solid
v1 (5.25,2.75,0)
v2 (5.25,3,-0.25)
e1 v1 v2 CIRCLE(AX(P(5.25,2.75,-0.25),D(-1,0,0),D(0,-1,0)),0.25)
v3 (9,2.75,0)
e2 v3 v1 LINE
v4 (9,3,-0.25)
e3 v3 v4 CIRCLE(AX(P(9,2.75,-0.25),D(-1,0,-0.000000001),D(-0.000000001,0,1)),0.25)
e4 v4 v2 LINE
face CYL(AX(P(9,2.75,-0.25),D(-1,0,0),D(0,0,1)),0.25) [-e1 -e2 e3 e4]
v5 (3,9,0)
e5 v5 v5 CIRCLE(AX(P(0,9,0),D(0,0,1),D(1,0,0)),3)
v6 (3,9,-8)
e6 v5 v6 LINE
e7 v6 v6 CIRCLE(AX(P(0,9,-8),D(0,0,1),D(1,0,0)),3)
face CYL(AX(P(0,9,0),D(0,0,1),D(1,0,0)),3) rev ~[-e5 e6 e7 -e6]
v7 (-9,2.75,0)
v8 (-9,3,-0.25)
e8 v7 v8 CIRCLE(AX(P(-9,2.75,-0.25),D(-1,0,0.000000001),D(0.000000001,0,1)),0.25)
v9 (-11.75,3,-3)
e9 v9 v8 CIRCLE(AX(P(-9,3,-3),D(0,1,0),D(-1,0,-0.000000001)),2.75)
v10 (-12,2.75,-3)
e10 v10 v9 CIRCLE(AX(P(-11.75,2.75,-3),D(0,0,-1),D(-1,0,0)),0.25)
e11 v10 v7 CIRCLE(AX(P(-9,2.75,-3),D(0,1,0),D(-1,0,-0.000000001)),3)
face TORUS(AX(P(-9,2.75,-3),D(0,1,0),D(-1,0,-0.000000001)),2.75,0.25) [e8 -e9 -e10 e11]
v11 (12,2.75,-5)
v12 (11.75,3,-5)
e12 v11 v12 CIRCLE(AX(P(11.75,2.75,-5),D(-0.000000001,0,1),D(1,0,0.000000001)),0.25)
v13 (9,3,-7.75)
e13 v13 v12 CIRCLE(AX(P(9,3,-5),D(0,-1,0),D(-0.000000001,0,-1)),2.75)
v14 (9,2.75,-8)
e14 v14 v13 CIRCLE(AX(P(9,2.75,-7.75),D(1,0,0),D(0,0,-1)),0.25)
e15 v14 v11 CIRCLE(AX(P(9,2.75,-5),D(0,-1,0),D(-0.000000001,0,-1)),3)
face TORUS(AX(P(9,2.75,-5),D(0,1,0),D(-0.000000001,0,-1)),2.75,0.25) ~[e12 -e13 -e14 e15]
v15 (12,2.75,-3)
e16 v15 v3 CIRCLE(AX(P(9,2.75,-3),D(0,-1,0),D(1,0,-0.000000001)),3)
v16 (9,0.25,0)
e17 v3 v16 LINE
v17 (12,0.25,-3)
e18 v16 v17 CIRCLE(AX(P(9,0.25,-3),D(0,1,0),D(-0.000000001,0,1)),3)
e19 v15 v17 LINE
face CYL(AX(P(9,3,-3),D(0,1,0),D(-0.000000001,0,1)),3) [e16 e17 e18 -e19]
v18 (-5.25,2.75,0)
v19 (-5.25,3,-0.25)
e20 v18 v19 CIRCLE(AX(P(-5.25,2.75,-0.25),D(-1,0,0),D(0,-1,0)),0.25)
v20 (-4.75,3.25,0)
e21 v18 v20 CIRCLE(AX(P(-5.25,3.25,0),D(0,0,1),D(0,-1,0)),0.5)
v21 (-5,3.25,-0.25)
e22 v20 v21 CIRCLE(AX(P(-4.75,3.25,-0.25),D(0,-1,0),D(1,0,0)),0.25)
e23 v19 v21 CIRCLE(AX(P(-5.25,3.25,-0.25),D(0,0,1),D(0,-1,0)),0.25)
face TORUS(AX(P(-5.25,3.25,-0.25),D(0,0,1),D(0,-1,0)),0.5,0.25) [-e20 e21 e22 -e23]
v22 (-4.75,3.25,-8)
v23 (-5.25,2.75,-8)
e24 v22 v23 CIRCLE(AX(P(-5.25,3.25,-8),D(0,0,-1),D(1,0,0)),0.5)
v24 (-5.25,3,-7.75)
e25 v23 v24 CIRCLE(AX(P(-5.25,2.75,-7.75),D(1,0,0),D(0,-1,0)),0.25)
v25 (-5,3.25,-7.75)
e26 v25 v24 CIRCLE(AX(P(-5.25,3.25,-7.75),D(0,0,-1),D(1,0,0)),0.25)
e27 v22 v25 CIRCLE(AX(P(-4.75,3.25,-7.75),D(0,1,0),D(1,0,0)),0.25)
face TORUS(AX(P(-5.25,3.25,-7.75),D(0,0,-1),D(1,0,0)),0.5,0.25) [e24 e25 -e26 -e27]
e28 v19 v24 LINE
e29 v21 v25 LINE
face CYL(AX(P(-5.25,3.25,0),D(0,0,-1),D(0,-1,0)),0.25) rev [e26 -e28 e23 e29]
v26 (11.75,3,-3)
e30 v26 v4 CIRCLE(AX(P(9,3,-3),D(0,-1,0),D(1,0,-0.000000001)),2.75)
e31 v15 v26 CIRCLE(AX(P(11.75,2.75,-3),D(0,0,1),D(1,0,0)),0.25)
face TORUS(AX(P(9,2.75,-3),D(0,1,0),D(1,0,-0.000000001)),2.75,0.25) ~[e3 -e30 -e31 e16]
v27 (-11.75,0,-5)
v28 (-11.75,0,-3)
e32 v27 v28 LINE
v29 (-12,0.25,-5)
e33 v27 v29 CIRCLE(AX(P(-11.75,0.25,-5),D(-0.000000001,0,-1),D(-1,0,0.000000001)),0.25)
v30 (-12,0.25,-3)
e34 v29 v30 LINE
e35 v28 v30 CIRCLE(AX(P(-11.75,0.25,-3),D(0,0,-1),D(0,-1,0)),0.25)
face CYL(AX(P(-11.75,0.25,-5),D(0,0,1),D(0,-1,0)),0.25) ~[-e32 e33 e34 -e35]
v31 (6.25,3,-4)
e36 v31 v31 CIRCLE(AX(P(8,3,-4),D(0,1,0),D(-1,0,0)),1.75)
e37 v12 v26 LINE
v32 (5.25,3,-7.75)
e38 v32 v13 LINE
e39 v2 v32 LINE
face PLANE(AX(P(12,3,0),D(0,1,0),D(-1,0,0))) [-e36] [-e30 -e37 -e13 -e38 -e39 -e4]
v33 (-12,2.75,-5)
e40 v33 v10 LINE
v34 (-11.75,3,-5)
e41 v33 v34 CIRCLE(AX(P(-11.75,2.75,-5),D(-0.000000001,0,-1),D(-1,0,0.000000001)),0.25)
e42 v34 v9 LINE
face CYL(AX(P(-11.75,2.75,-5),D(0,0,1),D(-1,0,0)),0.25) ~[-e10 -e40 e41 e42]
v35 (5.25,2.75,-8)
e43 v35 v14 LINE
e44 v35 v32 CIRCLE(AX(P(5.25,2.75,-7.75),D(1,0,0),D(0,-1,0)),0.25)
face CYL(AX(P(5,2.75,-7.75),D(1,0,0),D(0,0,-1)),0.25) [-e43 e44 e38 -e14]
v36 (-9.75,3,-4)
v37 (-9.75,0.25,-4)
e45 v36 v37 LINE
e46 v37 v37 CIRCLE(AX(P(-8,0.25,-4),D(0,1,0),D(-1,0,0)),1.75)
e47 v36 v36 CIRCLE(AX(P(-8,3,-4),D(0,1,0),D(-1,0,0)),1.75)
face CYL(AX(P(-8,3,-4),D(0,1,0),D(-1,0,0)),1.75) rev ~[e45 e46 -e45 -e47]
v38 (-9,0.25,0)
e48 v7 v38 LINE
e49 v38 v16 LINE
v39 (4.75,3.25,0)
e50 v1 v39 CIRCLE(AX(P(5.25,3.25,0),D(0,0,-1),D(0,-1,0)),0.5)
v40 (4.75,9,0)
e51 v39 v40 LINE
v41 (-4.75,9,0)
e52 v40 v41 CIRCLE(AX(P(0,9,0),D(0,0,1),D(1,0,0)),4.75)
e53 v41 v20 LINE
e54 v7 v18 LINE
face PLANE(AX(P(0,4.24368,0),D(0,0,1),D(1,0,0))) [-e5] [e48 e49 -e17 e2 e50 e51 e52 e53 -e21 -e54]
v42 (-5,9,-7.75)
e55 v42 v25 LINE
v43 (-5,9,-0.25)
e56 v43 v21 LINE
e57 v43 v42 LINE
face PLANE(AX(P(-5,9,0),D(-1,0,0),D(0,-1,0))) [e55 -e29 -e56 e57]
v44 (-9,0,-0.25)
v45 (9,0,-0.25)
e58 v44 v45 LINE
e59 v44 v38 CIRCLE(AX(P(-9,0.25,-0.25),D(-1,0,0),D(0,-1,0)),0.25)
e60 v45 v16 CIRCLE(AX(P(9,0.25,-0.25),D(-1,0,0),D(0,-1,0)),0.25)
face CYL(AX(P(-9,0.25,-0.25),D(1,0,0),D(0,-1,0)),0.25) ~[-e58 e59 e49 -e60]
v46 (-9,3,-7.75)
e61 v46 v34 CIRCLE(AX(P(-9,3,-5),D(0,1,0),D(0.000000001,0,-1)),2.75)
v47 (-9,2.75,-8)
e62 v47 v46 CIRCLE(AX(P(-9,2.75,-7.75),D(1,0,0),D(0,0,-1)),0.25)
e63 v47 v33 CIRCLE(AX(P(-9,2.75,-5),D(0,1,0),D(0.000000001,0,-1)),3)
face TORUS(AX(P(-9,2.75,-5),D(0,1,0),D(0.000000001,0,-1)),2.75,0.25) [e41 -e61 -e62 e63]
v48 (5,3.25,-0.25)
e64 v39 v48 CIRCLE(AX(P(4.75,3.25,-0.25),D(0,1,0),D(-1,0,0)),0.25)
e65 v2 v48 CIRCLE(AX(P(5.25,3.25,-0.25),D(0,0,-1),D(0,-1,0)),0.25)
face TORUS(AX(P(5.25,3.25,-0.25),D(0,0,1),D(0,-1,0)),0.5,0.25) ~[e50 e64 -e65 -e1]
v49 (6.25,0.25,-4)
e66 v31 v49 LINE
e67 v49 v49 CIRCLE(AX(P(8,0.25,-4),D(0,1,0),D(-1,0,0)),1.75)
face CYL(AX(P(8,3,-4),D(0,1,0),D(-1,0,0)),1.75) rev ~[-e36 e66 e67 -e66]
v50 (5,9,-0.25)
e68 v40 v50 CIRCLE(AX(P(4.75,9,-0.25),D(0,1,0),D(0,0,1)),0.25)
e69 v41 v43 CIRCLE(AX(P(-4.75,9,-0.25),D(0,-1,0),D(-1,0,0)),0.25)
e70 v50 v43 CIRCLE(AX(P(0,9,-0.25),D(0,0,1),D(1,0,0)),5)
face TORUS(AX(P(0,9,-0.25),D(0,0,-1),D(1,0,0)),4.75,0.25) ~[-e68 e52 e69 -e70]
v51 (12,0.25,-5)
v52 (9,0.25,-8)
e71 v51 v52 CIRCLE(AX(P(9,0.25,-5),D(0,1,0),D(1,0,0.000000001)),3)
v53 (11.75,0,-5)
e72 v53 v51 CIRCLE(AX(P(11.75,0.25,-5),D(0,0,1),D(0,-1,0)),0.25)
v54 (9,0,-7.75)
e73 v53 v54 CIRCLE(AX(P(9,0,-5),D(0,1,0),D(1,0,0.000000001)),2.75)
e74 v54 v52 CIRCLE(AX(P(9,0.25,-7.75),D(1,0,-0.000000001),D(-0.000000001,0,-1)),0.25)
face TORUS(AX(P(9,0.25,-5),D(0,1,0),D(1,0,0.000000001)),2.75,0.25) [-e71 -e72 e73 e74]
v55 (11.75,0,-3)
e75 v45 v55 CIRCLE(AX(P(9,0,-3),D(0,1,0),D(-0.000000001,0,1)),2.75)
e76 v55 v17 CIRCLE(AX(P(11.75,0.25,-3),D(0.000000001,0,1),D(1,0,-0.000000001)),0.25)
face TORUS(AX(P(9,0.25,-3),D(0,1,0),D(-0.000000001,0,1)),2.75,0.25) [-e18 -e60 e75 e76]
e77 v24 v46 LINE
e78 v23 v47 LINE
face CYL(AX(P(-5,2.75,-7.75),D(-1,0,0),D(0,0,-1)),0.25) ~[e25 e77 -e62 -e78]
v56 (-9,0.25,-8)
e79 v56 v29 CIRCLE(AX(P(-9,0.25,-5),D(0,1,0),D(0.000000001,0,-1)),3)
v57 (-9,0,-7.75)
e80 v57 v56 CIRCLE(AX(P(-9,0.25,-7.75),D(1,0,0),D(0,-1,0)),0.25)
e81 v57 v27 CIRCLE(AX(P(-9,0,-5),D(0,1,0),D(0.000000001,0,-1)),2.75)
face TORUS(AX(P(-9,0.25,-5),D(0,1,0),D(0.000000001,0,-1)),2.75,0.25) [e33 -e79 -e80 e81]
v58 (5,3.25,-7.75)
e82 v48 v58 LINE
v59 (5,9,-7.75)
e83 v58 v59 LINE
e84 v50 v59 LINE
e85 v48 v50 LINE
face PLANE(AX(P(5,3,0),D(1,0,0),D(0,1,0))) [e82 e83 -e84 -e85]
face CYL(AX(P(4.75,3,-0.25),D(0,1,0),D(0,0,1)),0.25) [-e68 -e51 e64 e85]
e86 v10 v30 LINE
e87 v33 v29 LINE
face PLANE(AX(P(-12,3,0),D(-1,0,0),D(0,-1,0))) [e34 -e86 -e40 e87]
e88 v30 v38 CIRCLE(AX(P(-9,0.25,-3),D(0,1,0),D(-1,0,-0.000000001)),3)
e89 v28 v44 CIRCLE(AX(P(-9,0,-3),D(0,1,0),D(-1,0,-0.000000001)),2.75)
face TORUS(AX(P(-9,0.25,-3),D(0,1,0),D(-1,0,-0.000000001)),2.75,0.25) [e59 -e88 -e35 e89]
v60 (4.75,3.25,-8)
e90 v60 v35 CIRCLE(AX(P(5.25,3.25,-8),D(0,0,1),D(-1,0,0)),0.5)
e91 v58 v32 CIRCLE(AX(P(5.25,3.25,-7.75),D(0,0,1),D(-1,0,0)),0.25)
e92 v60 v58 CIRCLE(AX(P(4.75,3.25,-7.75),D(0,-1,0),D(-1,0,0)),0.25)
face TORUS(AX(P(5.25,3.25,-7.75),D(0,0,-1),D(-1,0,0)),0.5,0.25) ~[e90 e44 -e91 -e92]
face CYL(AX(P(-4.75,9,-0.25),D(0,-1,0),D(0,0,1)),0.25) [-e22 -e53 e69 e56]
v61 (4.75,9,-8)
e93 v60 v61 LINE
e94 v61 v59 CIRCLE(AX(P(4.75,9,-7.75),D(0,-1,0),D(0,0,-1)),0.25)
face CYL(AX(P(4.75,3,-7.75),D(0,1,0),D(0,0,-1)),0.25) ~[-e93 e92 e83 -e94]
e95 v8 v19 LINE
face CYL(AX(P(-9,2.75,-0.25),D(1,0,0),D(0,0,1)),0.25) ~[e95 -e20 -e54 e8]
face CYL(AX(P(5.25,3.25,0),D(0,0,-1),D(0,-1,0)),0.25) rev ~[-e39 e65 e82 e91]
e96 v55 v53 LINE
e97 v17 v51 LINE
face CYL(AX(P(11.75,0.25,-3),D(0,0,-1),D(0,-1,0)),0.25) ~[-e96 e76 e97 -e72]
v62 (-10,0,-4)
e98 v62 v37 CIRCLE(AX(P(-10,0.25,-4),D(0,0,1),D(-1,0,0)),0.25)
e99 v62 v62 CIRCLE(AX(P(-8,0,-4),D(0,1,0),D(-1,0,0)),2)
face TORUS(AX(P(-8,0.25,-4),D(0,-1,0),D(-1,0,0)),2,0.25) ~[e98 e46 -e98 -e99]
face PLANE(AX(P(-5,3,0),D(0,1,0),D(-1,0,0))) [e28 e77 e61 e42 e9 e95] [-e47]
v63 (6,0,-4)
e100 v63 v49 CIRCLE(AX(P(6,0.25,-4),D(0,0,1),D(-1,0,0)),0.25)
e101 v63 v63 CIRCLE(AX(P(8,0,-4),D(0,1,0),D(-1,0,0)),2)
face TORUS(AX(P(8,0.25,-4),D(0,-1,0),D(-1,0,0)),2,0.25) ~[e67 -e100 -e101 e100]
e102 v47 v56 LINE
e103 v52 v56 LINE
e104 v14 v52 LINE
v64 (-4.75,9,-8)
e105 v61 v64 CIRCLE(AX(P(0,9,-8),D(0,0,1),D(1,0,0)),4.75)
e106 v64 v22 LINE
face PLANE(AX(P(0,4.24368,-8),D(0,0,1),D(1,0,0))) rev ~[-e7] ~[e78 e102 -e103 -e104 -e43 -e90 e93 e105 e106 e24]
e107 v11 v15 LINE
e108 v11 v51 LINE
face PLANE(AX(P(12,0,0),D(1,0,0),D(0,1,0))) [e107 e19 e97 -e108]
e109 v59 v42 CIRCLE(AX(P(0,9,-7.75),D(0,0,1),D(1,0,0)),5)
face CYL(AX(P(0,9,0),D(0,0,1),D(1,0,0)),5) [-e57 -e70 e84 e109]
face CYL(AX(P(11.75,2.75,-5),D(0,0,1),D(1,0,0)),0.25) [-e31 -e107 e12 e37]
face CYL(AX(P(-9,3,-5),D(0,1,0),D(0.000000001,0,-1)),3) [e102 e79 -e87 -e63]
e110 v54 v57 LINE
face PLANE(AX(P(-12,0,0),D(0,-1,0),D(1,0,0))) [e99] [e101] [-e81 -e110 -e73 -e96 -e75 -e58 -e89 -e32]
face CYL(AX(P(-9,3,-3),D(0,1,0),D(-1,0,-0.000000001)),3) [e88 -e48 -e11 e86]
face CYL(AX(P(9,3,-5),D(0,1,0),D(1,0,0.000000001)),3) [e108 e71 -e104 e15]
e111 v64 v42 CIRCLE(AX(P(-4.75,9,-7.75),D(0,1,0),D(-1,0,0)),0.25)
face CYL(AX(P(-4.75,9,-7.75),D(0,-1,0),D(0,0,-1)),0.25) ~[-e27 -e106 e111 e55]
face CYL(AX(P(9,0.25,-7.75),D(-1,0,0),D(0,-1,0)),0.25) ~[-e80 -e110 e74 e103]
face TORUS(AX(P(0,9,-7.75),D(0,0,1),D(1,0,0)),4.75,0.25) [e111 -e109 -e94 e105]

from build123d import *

# Parameters (mm, degrees)
SKETCH1_R           = 3
BOSS_EXTRUDE1_DEPTH = 8
SKETCH2_OUTSIDE_W   = 31.782
SKETCH2_OUTSIDE_H   = 15.782
SKETCH2_OUTSIDE_R   = 1.75
CUT_EXTRUDE1_DEPTH  = 8
FILLET1_R           = 0.25


with BuildPart() as part:
    # Sketch1 → Boss-Extrude1 (new body)
    with BuildSketch(Plane.XY):
        with BuildLine():
            Line((-12, 0), (12, 0))
            Line((12, 0), (12, 3))
            Line((12, 3), (5, 3))
            Line((5, 3), (5, 9))
            ThreePointArc((5, 9), (0, 14), (-5, 9))
            Line((-5, 9), (-5, 3))
            Line((-5, 3), (-12, 3))
            Line((-12, 3), (-12, 0))
        make_face()
        with Locations((0, 9)):
            Circle(SKETCH1_R, mode=Mode.SUBTRACT)
    extrude(amount=-BOSS_EXTRUDE1_DEPTH)

    # Sketch2 outside → Cut-Extrude1 (cut)
    # profile 1 of 3: a face of its own
    with BuildSketch(Plane(origin=(0, 3, 0), x_dir=(1, 0, 0), z_dir=(0, 1, 0))):
        with Locations((0, 4)):
            Rectangle(SKETCH2_OUTSIDE_W, SKETCH2_OUTSIDE_H)
        with BuildLine():
            Line((-8, 8), (-9, 8))
            ThreePointArc((-9, 8), (-11.121320344, 7.121320344), (-12, 5))
            Line((-12, 5), (-12, 3))
            ThreePointArc((-12, 3), (-11.121320344, 0.878679656), (-9, 0))
            Line((-9, 0), (-8, 0))
            Line((-8, 0), (8, 0))
            Line((8, 0), (9, 0))
            ThreePointArc((9, 0), (11.121320344, 0.878679656), (12, 3))
            Line((12, 3), (12, 5))
            ThreePointArc((12, 5), (11.121320344, 7.121320344), (9, 8))
            Line((9, 8), (8, 8))
            Line((8, 8), (-8, 8))
        make_face(mode=Mode.SUBTRACT)
    # profile 2 of 3: a face of its own
    with BuildSketch(Plane(origin=(0, 3, 0), x_dir=(1, 0, 0), z_dir=(0, 1, 0))):
        with Locations(Location((8, 4, 0), (0, 0, 180))):
            Circle(SKETCH2_OUTSIDE_R)
    # profile 3 of 3: a face of its own
    with BuildSketch(Plane(origin=(0, 3, 0), x_dir=(1, 0, 0), z_dir=(0, 1, 0))):
        with Locations(Location((-8, 4, 0), (0, 0, 180))):
            Circle(SKETCH2_OUTSIDE_R)
    extrude(amount=-CUT_EXTRUDE1_DEPTH, mode=Mode.SUBTRACT)

    # Fillet1
    fillet1_edges = [part.edges().sort_by_distance(p)[0] for p in [
        (-5, 3, -4),
        (5, 3, -4),
        (5, 6, -8),
        (0, 14, -8),
        (-5, 6, -8),
        (0, 0, 0),
        (7, 3, 0),
        (-7, 3, -8),
        (7, 3, -8),
        (0, 0, -8),
        (-12, 0, -4),
        (12, 0, -4),
        (12, 3, -4),
        (-12, 3, -4),
        (-6.25, 0, -4),
        (11.121320344, 0, -7.121320344),
        (11.121320344, 3, -7.121320344),
        (11.121320344, 0, -0.878679656),
        (11.121320344, 3, -0.878679656),
        (-11.121320344, 0, -0.878679656),
        (-11.121320344, 3, -0.878679656),
        (-11.121320344, 0, -7.121320344),
        (-11.121320344, 3, -7.121320344),
        (9.75, 0, -4),
        (-7, 3, 0),
        (-5, 6, 0),
        (0, 14, 0),
        (5, 6, 0),
    ]]
    fillet(fillet1_edges, radius=FILLET1_R)


solid = part.part
